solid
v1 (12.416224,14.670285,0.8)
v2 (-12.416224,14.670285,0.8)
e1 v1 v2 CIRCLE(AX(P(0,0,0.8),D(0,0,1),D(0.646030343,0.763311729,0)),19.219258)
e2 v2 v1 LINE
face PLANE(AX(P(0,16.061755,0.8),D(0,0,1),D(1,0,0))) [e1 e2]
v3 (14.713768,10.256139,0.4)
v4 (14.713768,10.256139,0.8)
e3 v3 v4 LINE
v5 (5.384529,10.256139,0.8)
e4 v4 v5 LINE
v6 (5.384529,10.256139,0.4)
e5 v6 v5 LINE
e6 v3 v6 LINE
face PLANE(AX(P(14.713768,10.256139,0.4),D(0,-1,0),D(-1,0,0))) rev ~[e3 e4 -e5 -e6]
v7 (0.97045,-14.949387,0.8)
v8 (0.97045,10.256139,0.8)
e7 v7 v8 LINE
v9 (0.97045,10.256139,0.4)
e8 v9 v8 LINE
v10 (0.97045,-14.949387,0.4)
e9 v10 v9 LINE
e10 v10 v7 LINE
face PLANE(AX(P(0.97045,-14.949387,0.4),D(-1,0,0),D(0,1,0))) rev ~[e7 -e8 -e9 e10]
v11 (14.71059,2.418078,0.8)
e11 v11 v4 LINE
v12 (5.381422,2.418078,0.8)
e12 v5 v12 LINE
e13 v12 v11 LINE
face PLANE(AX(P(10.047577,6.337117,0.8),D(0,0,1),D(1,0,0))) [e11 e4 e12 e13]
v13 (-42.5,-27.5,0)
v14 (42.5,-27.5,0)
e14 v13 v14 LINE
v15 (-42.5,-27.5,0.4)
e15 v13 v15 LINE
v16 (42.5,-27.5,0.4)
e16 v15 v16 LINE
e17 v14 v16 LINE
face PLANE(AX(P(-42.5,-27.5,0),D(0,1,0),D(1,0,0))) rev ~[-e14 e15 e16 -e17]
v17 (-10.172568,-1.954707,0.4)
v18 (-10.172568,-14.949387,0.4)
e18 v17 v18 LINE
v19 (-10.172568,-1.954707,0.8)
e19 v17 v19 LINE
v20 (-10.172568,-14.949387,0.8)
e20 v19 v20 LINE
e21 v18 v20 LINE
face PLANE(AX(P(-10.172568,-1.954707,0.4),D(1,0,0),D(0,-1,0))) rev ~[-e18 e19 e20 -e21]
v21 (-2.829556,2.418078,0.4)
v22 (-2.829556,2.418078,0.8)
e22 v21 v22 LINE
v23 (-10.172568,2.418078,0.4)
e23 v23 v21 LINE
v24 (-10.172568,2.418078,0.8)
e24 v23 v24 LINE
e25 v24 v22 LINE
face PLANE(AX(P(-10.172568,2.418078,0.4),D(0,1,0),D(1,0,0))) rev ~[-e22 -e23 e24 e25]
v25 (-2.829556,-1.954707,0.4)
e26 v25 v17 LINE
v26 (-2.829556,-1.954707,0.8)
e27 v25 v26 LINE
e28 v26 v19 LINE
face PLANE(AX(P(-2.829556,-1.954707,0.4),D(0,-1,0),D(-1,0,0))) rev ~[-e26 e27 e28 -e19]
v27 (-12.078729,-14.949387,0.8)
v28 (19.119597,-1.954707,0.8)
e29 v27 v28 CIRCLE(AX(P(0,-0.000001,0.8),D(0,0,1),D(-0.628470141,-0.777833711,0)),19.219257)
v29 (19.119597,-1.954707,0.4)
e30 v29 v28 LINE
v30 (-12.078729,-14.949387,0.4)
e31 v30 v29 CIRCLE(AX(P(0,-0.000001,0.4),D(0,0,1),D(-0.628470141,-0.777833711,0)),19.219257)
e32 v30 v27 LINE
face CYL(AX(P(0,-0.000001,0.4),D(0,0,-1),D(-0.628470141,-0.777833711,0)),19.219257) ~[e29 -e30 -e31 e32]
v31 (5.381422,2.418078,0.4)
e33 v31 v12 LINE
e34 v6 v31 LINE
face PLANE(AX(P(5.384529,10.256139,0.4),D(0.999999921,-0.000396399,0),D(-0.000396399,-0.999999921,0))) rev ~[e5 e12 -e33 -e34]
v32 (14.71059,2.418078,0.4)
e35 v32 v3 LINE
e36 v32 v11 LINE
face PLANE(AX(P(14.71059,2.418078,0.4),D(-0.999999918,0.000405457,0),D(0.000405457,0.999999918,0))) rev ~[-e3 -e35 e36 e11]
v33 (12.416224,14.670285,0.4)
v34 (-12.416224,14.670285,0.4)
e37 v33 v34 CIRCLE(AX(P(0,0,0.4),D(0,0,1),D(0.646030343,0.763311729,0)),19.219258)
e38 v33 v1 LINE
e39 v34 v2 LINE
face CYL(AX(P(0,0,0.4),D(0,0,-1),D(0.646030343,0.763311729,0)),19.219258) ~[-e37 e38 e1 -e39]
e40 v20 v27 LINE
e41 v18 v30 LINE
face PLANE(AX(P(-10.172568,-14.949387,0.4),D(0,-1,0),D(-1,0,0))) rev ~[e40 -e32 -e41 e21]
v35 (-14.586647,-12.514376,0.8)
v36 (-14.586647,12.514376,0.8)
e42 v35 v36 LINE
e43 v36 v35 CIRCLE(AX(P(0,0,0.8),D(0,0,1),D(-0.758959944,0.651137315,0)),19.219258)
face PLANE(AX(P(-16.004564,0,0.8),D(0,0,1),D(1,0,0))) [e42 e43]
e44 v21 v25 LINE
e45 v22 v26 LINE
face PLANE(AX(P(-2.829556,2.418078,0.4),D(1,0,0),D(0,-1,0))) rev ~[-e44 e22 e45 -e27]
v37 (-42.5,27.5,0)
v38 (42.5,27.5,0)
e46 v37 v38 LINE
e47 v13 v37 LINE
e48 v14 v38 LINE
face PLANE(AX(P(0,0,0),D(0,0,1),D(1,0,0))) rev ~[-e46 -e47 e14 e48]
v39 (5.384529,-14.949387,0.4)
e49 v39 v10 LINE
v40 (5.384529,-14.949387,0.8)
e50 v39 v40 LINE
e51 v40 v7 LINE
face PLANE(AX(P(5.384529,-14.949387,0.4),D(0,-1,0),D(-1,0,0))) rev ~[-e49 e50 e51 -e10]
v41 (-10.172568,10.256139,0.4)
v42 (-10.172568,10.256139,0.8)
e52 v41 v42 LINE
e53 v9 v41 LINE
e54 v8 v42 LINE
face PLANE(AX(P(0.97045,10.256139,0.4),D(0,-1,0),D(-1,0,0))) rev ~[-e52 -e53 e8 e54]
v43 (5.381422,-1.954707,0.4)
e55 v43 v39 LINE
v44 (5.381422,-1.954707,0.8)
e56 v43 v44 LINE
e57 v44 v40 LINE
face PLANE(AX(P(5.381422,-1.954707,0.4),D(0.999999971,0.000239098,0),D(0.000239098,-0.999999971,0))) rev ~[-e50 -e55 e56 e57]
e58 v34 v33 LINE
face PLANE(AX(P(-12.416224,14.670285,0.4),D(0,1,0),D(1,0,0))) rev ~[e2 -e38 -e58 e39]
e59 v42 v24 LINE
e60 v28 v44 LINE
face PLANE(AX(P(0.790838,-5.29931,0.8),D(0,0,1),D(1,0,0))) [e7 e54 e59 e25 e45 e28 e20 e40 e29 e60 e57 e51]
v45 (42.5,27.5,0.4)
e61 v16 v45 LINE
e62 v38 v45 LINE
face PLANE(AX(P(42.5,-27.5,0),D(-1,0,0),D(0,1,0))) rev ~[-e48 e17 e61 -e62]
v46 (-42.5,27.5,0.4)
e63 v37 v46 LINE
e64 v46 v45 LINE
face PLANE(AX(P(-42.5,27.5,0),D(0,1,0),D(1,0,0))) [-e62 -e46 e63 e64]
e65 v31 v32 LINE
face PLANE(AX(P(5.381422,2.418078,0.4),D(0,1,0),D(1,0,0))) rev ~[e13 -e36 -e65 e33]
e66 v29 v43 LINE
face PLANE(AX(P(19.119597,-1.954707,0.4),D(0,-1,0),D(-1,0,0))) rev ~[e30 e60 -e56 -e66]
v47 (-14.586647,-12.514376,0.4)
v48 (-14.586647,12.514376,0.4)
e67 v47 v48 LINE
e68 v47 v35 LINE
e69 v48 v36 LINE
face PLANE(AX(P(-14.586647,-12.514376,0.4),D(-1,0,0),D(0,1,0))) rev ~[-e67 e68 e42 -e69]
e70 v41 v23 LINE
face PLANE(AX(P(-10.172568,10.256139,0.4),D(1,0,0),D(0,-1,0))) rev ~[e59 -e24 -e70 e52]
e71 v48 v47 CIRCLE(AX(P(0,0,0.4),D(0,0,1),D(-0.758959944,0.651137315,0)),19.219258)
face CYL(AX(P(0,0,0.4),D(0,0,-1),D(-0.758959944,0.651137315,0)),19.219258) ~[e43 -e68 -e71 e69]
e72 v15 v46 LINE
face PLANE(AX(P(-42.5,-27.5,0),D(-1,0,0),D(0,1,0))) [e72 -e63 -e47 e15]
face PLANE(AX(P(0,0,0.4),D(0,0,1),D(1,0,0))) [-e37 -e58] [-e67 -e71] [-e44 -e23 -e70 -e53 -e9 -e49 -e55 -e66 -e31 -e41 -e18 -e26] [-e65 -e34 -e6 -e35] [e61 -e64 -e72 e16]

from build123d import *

# Parameters (mm, degrees)
F0_W     = 85
F0_H     = 55
F1_DEPTH = 0.4
F3_DEPTH = 0.4


with BuildPart() as f1:
    # F0 (on Top) → F1 (new body)
    with BuildSketch(Plane.XY):
        Rectangle(F0_W, F0_H)
    extrude(amount=F1_DEPTH)

    # F2 (on face) → F3 (join)
    with BuildSketch(Plane.XY.offset(0.4)):
        with BuildLine():
            Line((-10.172568, 10.256139), (-10.172568, 2.418078))
            Line((-10.172568, 2.418078), (-2.829556, 2.418078))
            Line((-2.829556, 2.418078), (-2.829556, -1.954707))
            Line((-2.829556, -1.954707), (-10.172568, -1.954707))
            Line((-10.172568, -1.954707), (-10.172568, -14.949387))
            Line((-10.172568, -14.949387), (-12.078729, -14.949387))
            ThreePointArc((-12.078729, -14.949387), (7.389782, -17.741787), (19.119597, -1.954707))
            Line((19.119597, -1.954707), (5.381422, -1.954707))
            Line((5.381422, -1.954707), (5.384529, -14.949387))
            Line((5.384529, -14.949387), (0.97045, -14.949387))
            Line((0.97045, -14.949387), (0.97045, 10.256139))
            Line((0.97045, 10.256139), (-10.172568, 10.256139))
        make_face()
        with BuildLine():
            ThreePointArc((-14.586647, 12.514376), (-19.219258, 0), (-14.586647, -12.514376))
            Line((-14.586647, -12.514376), (-14.586647, 12.514376))
        make_face()
        Polygon((14.71059, 2.418078), (14.713768, 10.256139), (5.384529, 10.256139), (5.381422, 2.418078), align=None)
        with BuildLine():
            ThreePointArc((12.416224, 14.670285), (0, 19.219258), (-12.416224, 14.670285))
            Line((-12.416224, 14.670285), (0.97045, 14.670285))
            Line((0.97045, 14.670285), (1.213219, 14.670285))
            Line((1.213219, 14.670285), (12.416224, 14.670285))
        make_face()
    extrude(amount=F3_DEPTH)


solid = f1.part
